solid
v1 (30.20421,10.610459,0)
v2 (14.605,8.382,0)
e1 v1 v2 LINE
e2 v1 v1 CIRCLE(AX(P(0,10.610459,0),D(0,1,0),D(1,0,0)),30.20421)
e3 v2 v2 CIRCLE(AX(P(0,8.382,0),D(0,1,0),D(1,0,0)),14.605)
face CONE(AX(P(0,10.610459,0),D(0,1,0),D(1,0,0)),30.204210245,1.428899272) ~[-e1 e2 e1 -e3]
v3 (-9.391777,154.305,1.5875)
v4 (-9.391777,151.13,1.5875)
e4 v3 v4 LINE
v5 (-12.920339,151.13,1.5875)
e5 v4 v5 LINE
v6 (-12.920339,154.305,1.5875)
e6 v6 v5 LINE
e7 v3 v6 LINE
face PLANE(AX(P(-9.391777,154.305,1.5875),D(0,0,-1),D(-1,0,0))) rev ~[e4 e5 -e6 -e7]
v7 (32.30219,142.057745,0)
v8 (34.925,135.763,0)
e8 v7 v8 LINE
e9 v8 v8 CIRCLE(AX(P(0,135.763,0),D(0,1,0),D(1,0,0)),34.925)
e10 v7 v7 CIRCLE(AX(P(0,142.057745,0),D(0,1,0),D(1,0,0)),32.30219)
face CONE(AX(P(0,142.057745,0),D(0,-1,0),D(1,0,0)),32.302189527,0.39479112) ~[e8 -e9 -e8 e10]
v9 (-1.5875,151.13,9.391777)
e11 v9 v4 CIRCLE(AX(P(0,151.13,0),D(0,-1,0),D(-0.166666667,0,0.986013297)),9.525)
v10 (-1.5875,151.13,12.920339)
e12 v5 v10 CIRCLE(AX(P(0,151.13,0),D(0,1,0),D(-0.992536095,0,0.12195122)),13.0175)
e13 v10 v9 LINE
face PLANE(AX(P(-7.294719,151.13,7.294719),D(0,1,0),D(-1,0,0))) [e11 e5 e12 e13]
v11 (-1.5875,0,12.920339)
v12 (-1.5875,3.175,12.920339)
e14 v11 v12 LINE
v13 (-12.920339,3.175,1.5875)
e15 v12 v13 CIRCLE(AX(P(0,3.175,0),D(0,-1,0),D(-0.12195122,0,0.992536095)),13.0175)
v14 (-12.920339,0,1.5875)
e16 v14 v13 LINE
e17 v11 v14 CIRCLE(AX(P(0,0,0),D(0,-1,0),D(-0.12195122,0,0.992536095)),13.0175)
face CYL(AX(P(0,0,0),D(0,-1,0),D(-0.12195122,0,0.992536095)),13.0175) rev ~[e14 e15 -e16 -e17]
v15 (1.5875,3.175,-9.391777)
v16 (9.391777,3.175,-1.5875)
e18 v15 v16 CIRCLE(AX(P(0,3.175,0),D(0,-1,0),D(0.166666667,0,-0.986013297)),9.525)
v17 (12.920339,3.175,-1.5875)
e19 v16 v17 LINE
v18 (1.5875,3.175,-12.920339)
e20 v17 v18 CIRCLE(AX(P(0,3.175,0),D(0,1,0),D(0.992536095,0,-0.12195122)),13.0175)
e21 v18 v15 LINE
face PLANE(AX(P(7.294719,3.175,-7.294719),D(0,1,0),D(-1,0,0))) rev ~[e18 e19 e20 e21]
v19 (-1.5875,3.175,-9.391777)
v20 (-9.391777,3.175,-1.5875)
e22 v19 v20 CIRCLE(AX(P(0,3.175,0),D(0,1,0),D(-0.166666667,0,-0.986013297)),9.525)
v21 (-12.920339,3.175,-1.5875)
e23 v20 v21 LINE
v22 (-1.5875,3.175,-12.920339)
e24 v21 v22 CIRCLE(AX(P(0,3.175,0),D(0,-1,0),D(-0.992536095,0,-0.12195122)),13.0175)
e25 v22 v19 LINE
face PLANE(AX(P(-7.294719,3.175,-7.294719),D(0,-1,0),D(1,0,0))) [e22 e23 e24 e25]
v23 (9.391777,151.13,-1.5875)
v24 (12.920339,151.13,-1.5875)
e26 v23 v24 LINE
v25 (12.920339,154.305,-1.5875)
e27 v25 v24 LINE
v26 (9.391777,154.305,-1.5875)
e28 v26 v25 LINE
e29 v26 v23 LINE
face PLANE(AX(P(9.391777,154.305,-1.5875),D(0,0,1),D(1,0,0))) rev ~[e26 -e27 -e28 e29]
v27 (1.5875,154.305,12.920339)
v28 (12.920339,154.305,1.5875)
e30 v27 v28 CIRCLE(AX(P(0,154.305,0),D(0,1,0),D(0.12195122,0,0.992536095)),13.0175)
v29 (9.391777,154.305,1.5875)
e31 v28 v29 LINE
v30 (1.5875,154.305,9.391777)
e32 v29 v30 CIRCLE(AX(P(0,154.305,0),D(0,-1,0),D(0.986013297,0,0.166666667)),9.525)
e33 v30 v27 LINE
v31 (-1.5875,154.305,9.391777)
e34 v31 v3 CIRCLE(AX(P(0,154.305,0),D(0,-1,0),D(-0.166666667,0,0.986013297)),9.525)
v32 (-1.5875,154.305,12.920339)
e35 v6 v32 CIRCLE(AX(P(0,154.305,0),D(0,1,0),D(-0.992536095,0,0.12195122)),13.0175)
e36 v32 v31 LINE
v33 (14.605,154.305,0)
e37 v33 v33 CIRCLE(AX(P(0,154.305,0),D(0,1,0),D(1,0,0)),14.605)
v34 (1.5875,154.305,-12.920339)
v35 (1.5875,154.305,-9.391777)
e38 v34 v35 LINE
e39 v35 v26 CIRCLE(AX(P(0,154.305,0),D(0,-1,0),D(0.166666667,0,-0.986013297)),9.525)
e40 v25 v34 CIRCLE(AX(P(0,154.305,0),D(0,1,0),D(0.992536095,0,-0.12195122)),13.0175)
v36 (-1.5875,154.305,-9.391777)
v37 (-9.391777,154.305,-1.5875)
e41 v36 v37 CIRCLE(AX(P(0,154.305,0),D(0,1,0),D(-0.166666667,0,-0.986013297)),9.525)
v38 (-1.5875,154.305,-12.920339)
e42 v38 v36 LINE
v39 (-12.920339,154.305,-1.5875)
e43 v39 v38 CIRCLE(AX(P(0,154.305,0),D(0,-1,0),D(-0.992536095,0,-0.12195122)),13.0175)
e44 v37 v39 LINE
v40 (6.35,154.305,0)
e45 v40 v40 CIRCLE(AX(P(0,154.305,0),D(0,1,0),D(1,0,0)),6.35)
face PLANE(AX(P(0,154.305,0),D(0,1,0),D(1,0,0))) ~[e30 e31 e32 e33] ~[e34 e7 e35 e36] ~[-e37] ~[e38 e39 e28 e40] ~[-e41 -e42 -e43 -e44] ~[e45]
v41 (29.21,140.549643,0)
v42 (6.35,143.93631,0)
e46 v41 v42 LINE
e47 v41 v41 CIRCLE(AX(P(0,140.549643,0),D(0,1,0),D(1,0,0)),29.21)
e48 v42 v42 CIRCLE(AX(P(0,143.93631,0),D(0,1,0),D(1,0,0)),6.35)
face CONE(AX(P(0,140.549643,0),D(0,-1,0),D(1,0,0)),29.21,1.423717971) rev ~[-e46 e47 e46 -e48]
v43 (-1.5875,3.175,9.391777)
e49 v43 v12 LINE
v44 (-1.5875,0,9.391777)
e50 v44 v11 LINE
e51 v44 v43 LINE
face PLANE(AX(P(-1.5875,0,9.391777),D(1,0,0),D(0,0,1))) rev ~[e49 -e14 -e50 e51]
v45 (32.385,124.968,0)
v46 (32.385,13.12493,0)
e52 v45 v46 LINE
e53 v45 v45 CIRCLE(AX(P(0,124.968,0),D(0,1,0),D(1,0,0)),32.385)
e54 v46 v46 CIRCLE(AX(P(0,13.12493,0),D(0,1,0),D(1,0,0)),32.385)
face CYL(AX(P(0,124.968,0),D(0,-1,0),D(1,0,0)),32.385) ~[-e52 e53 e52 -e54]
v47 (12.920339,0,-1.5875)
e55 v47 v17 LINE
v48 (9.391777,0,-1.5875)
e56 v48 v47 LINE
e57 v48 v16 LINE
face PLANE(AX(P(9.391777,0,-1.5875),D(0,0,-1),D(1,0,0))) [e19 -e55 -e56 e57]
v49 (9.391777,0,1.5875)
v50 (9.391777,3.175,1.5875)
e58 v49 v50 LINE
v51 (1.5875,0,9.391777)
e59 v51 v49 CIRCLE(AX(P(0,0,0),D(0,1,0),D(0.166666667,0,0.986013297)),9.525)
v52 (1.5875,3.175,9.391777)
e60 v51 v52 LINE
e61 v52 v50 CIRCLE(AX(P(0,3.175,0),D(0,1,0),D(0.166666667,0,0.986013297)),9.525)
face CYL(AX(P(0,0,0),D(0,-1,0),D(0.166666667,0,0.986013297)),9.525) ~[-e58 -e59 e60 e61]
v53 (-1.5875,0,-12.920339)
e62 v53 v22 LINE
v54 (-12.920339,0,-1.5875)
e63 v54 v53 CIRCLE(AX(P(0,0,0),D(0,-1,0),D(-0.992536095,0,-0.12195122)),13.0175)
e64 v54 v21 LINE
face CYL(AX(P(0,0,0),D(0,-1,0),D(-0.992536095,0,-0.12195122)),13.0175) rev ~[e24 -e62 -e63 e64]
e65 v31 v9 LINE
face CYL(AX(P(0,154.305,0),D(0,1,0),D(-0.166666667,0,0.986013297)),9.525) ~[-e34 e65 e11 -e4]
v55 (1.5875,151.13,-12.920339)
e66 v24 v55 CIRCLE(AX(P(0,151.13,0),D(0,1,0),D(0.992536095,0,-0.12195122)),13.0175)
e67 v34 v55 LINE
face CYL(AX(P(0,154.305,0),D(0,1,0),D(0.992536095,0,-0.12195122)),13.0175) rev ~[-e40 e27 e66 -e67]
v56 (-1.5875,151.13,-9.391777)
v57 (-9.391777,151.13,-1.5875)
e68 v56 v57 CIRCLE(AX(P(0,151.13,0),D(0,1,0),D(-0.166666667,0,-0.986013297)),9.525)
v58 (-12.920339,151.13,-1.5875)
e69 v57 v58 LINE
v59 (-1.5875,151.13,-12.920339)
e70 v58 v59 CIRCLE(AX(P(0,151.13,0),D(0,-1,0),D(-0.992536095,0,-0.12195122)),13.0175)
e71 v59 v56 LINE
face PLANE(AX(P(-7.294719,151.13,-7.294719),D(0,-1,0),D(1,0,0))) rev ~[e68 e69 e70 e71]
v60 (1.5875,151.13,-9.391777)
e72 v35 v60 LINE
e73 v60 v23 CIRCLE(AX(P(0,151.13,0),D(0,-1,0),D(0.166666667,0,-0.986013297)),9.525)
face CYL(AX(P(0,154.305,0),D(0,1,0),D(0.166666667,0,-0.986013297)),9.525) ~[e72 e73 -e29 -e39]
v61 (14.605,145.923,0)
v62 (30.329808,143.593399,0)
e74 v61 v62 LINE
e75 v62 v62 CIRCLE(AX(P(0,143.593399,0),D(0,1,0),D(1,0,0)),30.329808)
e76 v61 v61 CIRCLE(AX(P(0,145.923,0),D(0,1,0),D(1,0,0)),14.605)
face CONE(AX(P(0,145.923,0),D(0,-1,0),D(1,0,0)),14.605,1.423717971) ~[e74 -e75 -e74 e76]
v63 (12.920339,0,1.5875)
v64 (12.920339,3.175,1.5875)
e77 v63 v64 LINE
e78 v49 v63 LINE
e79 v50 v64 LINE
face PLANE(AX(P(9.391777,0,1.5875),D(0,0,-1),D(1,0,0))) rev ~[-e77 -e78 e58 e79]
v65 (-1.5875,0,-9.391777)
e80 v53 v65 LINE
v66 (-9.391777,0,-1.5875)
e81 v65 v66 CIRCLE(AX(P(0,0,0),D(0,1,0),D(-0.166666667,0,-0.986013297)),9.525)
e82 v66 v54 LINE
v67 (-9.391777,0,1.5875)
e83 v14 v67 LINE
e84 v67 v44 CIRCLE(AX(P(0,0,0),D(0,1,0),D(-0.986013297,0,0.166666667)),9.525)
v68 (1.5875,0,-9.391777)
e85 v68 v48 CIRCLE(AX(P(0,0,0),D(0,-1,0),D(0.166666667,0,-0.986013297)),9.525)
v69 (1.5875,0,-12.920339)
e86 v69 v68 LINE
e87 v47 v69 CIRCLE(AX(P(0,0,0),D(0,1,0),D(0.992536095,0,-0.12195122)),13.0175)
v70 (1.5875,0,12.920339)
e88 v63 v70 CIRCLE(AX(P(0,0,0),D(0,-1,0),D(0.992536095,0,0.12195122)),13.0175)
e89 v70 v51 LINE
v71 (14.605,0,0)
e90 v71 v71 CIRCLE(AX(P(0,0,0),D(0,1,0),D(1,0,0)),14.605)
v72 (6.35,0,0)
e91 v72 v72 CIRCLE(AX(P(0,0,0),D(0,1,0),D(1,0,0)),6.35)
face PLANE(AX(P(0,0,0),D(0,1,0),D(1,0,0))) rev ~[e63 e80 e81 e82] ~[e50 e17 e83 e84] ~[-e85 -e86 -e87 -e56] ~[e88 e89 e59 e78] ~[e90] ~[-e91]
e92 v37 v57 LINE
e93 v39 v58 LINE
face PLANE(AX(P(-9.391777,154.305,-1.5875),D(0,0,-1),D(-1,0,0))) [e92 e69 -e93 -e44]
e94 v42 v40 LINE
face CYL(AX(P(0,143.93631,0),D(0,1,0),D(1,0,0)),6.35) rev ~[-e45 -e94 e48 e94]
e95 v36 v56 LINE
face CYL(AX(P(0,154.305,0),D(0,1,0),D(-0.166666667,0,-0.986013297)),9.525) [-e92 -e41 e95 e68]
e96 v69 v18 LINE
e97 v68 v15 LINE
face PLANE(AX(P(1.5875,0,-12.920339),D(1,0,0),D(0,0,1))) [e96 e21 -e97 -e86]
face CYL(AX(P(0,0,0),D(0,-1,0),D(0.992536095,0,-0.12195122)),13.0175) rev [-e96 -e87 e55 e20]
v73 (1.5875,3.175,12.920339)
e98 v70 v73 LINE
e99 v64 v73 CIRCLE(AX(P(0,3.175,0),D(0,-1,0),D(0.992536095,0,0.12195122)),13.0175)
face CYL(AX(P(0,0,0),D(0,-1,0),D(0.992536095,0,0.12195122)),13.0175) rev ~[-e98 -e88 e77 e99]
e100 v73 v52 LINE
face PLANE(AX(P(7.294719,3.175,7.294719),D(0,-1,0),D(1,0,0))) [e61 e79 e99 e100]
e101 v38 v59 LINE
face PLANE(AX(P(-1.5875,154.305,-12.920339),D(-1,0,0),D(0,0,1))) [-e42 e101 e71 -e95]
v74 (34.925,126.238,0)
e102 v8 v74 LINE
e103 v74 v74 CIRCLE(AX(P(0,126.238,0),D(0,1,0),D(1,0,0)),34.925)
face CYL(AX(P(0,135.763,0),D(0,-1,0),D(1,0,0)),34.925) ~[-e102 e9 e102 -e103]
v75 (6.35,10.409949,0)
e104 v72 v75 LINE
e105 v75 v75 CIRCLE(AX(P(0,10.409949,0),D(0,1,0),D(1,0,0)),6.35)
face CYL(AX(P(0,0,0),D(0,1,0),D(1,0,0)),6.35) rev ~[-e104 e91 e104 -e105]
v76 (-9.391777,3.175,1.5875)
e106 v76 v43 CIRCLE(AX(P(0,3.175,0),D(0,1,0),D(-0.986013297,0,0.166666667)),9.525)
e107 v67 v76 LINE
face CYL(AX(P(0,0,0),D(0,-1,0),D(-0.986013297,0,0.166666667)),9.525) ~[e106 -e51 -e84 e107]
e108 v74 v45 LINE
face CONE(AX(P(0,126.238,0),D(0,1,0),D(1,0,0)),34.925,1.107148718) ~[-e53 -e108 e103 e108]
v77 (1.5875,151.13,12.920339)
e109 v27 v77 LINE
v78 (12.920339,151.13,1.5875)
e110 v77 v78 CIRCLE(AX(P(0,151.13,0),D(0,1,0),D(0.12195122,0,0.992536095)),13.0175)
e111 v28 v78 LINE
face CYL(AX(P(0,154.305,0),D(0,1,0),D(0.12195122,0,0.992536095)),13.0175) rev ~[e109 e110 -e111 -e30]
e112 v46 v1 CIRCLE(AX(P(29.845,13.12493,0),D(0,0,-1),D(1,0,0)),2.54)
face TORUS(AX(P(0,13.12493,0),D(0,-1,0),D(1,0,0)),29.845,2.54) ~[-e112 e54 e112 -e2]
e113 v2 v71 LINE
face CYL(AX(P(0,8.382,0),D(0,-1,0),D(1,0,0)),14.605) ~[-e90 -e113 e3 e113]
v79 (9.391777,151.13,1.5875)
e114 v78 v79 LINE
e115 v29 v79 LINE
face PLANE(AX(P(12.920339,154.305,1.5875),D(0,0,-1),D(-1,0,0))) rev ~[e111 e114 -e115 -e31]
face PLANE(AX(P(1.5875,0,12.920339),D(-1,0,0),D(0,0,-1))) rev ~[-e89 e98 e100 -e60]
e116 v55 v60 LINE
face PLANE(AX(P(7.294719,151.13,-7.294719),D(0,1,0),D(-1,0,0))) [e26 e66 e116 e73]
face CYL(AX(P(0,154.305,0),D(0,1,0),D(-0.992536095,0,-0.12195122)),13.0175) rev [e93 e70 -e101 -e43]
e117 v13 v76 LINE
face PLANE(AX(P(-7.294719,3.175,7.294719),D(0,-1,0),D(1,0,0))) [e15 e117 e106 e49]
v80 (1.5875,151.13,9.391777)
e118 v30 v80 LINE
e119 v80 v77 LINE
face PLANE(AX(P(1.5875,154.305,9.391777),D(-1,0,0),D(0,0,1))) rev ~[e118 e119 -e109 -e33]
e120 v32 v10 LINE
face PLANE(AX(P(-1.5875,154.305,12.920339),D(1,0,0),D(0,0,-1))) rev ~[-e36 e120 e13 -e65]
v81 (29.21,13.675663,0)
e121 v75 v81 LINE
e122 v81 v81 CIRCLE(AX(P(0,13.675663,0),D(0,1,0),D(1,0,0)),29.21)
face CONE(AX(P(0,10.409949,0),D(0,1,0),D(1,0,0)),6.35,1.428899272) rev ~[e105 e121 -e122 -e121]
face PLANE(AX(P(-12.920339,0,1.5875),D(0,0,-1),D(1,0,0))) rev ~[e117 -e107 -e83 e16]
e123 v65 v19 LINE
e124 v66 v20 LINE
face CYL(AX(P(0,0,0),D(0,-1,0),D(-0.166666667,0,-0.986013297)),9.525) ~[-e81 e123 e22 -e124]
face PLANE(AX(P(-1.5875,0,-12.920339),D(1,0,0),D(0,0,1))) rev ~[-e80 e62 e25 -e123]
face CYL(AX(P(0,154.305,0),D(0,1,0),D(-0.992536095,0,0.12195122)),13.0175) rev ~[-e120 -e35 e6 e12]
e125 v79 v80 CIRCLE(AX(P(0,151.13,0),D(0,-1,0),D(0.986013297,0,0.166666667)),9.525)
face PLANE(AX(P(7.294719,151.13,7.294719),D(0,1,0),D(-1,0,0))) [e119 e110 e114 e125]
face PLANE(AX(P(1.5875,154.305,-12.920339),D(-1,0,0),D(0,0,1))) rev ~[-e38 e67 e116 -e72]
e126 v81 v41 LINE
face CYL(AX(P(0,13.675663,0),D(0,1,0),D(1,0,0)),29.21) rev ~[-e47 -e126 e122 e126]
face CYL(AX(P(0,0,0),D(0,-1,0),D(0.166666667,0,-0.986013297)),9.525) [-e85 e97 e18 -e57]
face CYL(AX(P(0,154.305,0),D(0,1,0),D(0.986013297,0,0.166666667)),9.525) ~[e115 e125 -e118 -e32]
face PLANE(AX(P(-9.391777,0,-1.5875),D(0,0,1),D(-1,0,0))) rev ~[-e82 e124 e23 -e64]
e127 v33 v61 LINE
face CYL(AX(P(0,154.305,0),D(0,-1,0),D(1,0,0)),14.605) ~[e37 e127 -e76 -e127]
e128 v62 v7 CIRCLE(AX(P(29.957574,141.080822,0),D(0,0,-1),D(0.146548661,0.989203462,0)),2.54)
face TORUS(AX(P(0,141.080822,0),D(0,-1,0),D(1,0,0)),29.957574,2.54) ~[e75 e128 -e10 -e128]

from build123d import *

# Parameters (mm, degrees)
CUT_EXTRUDE2_DEPTH = 3.175
CUT_EXTRUDE3_DEPTH = 3.175


with BuildPart() as part:
    # Sketch1 → Revolve1 (revolve)
    with BuildSketch(Plane.XY):
        with BuildLine():
            Line((6.35, 154.305), (14.605, 154.305))
            Line((14.605, 154.305), (14.605, 145.923))
            Line((14.605, 145.923), (30.329807741, 143.593398853))
            ThreePointArc((30.329807741, 143.593398853), (31.517982802, 143.084998901), (32.302189527, 142.057745136))
            Line((32.302189527, 142.057745136), (34.925, 135.763))
            Line((34.925, 135.763), (34.925, 126.238))
            Line((34.925, 126.238), (32.385, 124.968))
            Line((32.385, 124.968), (32.385, 13.12493032))
            ThreePointArc((32.385, 13.12493032), (31.763853046, 11.460717897), (30.204210245, 10.610458606))
            Line((30.204210245, 10.610458606), (14.605, 8.382))
            Line((14.605, 8.382), (14.605, 0))
            Line((14.605, 0), (6.35, 0))
            Line((6.35, 0), (6.35, 10.409948615))
            Line((6.35, 10.409948615), (29.21, 13.6756629))
            Line((29.21, 13.6756629), (29.21, 140.549643155))
            Line((29.21, 140.549643155), (6.35, 143.936309822))
            Line((6.35, 143.936309822), (6.35, 154.305))
        make_face()
    revolve(axis=Axis((0, 0, 0), (0, 1, 0)))

    # Sketch2 → Cut-Extrude2 (cut)
    with BuildSketch(Plane.XZ):
        with BuildLine():
            Line((1.5875, -12.920338618), (1.5875, -9.391776656))
            ThreePointArc((1.5875, -9.391776656), (6.735192091, -6.735192091), (9.391776656, -1.5875))
            Line((9.391776656, -1.5875), (12.920338618, -1.5875))
            ThreePointArc((12.920338618, -1.5875), (9.204762524, -9.204762524), (1.5875, -12.920338618))
        make_face()
        with BuildLine():
            Line((-1.5875, -12.920338618), (-1.5875, -9.391776656))
            ThreePointArc((-1.5875, -9.391776656), (-6.735192091, -6.735192091), (-9.391776656, -1.5875))
            Line((-9.391776656, -1.5875), (-12.920338618, -1.5875))
            ThreePointArc((-12.920338618, -1.5875), (-9.204762524, -9.204762524), (-1.5875, -12.920338618))
        make_face()
        with BuildLine():
            Line((-12.920338618, 1.5875), (-9.391776656, 1.5875))
            ThreePointArc((-9.391776656, 1.5875), (-6.735192091, 6.735192091), (-1.5875, 9.391776656))
            Line((-1.5875, 9.391776656), (-1.5875, 12.920338618))
            ThreePointArc((-1.5875, 12.920338618), (-9.204762524, 9.204762524), (-12.920338618, 1.5875))
        make_face()
        with BuildLine():
            Line((1.5875, 12.920338618), (1.5875, 9.391776656))
            ThreePointArc((1.5875, 9.391776656), (6.735192091, 6.735192091), (9.391776656, 1.5875))
            Line((9.391776656, 1.5875), (12.920338618, 1.5875))
            ThreePointArc((12.920338618, 1.5875), (9.204762524, 9.204762524), (1.5875, 12.920338618))
        make_face()
    extrude(amount=-CUT_EXTRUDE2_DEPTH, mode=Mode.SUBTRACT)

    # Sketch3 → Cut-Extrude3 (cut)
    with BuildSketch(Plane(origin=(0, 154.305, 0), x_dir=(-1, 0, 0), z_dir=(0, 1, 0))):
        with BuildLine():
            Line((1.5875, -12.920338618), (1.5875, -9.391776656))
            ThreePointArc((1.5875, -9.391776656), (6.735192091, -6.735192091), (9.391776656, -1.5875))
            Line((9.391776656, -1.5875), (12.920338618, -1.5875))
            ThreePointArc((12.920338618, -1.5875), (9.204762524, -9.204762524), (1.5875, -12.920338618))
        make_face()
        with BuildLine():
            Line((-1.5875, -12.920338618), (-1.5875, -9.391776656))
            ThreePointArc((-1.5875, -9.391776656), (-6.735192091, -6.735192091), (-9.391776656, -1.5875))
            Line((-9.391776656, -1.5875), (-12.920338618, -1.5875))
            ThreePointArc((-12.920338618, -1.5875), (-9.204762524, -9.204762524), (-1.5875, -12.920338618))
        make_face()
        with BuildLine():
            Line((-12.920338618, 1.5875), (-9.391776656, 1.5875))
            ThreePointArc((-9.391776656, 1.5875), (-6.735192091, 6.735192091), (-1.5875, 9.391776656))
            Line((-1.5875, 9.391776656), (-1.5875, 12.920338618))
            ThreePointArc((-1.5875, 12.920338618), (-9.204762524, 9.204762524), (-12.920338618, 1.5875))
        make_face()
        with BuildLine():
            Line((1.5875, 12.920338618), (1.5875, 9.391776656))
            ThreePointArc((1.5875, 9.391776656), (6.735192091, 6.735192091), (9.391776656, 1.5875))
            Line((9.391776656, 1.5875), (12.920338618, 1.5875))
            ThreePointArc((12.920338618, 1.5875), (9.204762524, 9.204762524), (1.5875, 12.920338618))
        make_face()
    extrude(amount=-CUT_EXTRUDE3_DEPTH, mode=Mode.SUBTRACT)


solid = part.part
